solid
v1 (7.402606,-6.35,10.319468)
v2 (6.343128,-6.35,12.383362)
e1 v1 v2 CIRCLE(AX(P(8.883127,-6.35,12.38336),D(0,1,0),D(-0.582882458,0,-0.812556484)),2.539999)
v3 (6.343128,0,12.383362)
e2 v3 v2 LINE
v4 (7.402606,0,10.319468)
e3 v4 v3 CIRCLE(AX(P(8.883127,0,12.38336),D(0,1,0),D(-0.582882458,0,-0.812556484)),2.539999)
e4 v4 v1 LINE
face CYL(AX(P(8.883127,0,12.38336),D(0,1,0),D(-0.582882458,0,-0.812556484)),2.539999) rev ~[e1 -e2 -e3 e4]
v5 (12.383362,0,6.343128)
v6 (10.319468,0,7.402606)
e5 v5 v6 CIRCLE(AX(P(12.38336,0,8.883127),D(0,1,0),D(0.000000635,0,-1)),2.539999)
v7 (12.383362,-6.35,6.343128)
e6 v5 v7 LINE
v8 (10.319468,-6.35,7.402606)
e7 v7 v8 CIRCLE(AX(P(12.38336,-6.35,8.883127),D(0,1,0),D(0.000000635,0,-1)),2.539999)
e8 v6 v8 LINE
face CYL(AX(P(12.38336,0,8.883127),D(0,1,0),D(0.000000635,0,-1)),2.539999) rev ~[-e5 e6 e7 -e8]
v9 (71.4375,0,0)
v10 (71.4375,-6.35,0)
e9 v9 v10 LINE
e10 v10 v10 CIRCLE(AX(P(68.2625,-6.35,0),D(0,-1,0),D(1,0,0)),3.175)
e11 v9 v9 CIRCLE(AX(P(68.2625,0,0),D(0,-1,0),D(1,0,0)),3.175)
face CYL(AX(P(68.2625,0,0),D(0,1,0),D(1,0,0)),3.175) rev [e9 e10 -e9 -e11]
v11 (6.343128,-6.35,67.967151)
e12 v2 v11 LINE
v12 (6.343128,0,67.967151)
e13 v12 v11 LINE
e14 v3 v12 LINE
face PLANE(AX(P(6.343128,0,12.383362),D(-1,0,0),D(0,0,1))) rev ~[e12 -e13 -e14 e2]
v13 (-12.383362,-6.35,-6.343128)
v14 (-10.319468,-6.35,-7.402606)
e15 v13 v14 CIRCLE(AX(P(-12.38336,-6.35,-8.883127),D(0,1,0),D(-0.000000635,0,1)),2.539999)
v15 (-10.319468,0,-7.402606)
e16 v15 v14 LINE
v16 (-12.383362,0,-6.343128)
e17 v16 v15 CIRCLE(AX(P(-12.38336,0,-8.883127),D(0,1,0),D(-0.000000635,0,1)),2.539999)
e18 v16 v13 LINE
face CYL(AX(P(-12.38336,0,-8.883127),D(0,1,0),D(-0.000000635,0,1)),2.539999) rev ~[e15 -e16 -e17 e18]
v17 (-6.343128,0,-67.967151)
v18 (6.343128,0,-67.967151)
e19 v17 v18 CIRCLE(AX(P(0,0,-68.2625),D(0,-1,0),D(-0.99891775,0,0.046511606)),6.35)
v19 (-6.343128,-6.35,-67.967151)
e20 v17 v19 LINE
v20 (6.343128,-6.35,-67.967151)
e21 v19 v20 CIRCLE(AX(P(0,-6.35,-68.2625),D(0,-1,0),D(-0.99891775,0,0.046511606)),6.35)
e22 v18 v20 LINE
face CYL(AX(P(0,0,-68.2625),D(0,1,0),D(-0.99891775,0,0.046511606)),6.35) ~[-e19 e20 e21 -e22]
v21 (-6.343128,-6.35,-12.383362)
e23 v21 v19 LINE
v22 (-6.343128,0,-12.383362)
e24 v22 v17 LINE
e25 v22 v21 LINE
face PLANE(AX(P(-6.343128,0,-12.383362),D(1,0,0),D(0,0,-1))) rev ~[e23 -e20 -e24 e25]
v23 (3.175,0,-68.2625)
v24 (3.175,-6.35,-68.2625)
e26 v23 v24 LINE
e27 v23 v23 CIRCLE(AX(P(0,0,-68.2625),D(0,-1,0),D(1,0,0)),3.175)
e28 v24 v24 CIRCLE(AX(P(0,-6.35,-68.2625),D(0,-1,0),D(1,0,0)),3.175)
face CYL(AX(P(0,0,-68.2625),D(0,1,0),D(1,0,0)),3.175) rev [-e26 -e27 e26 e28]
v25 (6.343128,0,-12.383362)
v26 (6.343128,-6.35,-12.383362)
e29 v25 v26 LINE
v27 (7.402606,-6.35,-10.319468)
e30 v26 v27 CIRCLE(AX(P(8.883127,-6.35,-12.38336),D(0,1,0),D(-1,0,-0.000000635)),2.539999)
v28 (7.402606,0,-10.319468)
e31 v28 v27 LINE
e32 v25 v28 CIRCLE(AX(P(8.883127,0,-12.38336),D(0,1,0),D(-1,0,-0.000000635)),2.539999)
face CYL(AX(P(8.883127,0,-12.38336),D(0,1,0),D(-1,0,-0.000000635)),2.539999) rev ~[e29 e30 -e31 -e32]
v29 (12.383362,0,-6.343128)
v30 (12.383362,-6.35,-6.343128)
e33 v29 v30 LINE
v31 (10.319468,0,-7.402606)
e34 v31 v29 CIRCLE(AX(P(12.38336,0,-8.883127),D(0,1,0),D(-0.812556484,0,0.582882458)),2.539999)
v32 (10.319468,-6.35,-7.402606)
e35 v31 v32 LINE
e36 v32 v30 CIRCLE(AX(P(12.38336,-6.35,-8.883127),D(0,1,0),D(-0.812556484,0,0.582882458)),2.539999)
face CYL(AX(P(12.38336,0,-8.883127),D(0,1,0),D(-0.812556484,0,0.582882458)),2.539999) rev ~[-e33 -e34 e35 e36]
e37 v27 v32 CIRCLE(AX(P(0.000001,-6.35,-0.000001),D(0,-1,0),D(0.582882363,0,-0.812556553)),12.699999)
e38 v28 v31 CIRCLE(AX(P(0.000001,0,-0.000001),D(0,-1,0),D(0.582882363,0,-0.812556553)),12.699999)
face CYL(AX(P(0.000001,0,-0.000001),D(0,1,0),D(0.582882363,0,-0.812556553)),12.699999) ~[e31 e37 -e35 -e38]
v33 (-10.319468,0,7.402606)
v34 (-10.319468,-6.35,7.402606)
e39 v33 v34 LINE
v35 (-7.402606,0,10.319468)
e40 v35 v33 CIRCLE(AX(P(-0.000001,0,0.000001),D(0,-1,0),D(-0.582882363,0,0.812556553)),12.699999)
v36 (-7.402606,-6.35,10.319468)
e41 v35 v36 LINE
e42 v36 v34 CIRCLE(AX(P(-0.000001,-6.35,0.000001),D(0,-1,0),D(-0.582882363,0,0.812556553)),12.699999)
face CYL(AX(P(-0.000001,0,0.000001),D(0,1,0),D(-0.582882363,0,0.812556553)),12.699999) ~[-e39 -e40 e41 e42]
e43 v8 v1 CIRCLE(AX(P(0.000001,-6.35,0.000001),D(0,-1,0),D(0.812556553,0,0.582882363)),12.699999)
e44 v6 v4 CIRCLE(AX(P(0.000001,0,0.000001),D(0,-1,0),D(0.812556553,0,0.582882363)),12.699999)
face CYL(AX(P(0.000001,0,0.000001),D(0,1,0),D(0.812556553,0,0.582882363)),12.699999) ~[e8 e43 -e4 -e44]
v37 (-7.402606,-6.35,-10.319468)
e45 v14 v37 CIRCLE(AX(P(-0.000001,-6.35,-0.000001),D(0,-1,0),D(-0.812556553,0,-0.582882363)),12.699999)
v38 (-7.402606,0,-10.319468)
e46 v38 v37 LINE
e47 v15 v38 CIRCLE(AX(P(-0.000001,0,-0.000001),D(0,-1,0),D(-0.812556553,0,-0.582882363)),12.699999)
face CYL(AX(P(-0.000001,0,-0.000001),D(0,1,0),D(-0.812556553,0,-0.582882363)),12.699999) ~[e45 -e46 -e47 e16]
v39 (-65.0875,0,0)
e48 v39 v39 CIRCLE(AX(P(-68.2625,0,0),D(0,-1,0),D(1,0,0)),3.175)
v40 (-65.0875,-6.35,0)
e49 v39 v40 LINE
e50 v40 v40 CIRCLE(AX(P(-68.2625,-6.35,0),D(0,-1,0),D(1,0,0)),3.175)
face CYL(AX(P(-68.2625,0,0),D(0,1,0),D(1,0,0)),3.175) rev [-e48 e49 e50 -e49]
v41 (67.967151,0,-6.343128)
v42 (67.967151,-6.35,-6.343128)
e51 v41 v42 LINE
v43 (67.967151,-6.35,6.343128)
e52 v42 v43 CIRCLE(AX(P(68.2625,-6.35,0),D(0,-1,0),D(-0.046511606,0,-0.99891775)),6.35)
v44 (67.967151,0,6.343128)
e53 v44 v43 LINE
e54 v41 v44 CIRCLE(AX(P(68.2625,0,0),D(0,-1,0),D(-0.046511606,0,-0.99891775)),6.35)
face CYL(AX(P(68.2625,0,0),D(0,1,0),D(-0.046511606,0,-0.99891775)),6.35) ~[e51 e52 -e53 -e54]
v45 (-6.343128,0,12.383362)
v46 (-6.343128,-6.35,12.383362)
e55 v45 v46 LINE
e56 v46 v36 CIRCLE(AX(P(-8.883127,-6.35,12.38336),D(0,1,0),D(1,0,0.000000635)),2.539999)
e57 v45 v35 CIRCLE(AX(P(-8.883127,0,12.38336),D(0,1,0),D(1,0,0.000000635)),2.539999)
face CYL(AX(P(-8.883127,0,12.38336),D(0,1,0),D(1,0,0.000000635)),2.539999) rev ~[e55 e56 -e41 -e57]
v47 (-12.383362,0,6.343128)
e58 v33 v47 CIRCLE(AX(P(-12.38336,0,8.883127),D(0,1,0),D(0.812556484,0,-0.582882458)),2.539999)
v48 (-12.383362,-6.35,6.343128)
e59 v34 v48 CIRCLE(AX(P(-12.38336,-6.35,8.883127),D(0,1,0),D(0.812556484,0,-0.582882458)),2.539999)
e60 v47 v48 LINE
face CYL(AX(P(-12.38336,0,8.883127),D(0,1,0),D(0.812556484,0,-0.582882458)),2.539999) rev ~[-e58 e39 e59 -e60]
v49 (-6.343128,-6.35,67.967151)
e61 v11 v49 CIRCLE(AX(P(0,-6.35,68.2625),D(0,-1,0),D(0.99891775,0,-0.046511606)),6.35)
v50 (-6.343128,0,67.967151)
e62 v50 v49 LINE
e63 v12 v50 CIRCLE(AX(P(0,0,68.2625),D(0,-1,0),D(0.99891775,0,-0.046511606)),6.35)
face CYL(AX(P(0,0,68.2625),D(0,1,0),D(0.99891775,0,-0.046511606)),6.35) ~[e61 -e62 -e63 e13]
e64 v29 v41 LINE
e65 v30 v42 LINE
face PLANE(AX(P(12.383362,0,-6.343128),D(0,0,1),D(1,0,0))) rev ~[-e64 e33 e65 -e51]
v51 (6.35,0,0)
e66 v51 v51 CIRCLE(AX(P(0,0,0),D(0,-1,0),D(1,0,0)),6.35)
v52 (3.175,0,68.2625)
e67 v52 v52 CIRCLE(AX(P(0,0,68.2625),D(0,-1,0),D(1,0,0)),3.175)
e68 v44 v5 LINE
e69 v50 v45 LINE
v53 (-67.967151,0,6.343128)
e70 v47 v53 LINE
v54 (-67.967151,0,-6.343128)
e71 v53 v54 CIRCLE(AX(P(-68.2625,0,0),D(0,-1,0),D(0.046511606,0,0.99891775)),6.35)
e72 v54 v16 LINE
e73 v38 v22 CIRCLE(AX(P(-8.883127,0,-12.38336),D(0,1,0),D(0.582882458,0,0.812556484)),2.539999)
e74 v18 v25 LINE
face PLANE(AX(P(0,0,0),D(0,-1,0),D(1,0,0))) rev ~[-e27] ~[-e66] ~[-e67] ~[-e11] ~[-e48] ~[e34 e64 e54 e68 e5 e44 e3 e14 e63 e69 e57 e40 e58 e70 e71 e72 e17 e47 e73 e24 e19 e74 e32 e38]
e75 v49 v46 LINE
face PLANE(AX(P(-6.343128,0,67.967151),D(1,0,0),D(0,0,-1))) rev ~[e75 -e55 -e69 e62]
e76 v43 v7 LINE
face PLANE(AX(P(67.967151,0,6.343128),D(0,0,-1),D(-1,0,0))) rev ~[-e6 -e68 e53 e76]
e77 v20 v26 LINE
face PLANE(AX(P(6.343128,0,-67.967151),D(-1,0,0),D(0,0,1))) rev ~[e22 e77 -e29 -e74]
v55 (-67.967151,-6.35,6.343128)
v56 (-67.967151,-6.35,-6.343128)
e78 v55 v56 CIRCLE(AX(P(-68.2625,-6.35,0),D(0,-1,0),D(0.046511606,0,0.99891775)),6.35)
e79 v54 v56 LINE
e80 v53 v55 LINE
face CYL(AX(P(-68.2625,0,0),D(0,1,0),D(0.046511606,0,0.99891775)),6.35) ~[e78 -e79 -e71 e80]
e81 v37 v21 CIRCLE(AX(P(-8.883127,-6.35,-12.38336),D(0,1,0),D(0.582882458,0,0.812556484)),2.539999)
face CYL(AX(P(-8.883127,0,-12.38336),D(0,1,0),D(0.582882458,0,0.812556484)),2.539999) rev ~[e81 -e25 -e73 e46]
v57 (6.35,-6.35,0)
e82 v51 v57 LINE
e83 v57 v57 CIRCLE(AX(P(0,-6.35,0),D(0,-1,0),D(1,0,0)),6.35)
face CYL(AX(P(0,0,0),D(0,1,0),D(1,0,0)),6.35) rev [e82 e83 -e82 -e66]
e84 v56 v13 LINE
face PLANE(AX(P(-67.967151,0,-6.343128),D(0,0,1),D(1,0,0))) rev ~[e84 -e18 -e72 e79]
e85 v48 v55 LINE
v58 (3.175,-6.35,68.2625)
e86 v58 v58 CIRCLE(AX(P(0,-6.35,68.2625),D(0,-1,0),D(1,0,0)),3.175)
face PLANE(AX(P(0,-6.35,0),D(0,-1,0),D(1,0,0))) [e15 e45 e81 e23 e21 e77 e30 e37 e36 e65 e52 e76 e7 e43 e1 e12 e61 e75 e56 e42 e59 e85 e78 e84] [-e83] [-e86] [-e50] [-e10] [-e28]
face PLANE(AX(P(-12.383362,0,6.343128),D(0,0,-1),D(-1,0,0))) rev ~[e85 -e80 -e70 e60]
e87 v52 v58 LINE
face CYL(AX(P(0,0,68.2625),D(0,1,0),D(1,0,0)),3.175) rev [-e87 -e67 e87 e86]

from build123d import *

# Parameters (mm, degrees)
F0_R     = 3.175
F0_R_2   = 6.35
F1_DEPTH = 6.35


with BuildPart() as f1:
    # F0 (on Front) → F1 (new body)
    with BuildSketch(Plane.XZ):
        with BuildLine():
            Line((6.343128, 12.383362), (6.343128, 67.967151))
            ThreePointArc((6.343128, 67.967151), (0, 74.6125), (-6.343128, 67.967151))
            Line((-6.343128, 67.967151), (-6.343128, 12.383362))
            ThreePointArc((-6.343128, 12.383362), (-6.623468, 11.223388), (-7.402606, 10.319468))
            ThreePointArc((-7.402606, 10.319468), (-8.980256, 8.980256), (-10.319468, 7.402606))
            ThreePointArc((-10.319468, 7.402606), (-11.223388, 6.623468), (-12.383362, 6.343128))
            Line((-12.383362, 6.343128), (-67.967151, 6.343128))
            ThreePointArc((-67.967151, 6.343128), (-74.6125, 0), (-67.967151, -6.343128))
            Line((-67.967151, -6.343128), (-12.383362, -6.343128))
            ThreePointArc((-12.383362, -6.343128), (-11.223388, -6.623468), (-10.319468, -7.402606))
            ThreePointArc((-10.319468, -7.402606), (-8.980256, -8.980256), (-7.402606, -10.319468))
            ThreePointArc((-7.402606, -10.319468), (-6.623468, -11.223388), (-6.343128, -12.383362))
            Line((-6.343128, -12.383362), (-6.343128, -67.967151))
            ThreePointArc((-6.343128, -67.967151), (0, -74.6125), (6.343128, -67.967151))
            Line((6.343128, -67.967151), (6.343128, -12.383362))
            ThreePointArc((6.343128, -12.383362), (6.623468, -11.223388), (7.402606, -10.319468))
            ThreePointArc((7.402606, -10.319468), (8.980256, -8.980256), (10.319468, -7.402606))
            ThreePointArc((10.319468, -7.402606), (11.223388, -6.623468), (12.383362, -6.343128))
            Line((12.383362, -6.343128), (67.967151, -6.343128))
            ThreePointArc((67.967151, -6.343128), (74.6125, 0), (67.967151, 6.343128))
            Line((67.967151, 6.343128), (12.383362, 6.343128))
            ThreePointArc((12.383362, 6.343128), (11.223388, 6.623468), (10.319468, 7.402606))
            ThreePointArc((10.319468, 7.402606), (8.980256, 8.980256), (7.402606, 10.319468))
            ThreePointArc((7.402606, 10.319468), (6.623468, 11.223388), (6.343128, 12.383362))
        make_face()
        with Locations((0, -68.2625)):
            Circle(F0_R, mode=Mode.SUBTRACT)
        with Locations((-68.2625, 0)):
            Circle(F0_R, mode=Mode.SUBTRACT)
        Circle(F0_R_2, mode=Mode.SUBTRACT)
        with Locations((68.2625, 0)):
            Circle(F0_R, mode=Mode.SUBTRACT)
        with Locations((0, 68.2625)):
            Circle(F0_R, mode=Mode.SUBTRACT)
    extrude(amount=F1_DEPTH)


solid = f1.part
